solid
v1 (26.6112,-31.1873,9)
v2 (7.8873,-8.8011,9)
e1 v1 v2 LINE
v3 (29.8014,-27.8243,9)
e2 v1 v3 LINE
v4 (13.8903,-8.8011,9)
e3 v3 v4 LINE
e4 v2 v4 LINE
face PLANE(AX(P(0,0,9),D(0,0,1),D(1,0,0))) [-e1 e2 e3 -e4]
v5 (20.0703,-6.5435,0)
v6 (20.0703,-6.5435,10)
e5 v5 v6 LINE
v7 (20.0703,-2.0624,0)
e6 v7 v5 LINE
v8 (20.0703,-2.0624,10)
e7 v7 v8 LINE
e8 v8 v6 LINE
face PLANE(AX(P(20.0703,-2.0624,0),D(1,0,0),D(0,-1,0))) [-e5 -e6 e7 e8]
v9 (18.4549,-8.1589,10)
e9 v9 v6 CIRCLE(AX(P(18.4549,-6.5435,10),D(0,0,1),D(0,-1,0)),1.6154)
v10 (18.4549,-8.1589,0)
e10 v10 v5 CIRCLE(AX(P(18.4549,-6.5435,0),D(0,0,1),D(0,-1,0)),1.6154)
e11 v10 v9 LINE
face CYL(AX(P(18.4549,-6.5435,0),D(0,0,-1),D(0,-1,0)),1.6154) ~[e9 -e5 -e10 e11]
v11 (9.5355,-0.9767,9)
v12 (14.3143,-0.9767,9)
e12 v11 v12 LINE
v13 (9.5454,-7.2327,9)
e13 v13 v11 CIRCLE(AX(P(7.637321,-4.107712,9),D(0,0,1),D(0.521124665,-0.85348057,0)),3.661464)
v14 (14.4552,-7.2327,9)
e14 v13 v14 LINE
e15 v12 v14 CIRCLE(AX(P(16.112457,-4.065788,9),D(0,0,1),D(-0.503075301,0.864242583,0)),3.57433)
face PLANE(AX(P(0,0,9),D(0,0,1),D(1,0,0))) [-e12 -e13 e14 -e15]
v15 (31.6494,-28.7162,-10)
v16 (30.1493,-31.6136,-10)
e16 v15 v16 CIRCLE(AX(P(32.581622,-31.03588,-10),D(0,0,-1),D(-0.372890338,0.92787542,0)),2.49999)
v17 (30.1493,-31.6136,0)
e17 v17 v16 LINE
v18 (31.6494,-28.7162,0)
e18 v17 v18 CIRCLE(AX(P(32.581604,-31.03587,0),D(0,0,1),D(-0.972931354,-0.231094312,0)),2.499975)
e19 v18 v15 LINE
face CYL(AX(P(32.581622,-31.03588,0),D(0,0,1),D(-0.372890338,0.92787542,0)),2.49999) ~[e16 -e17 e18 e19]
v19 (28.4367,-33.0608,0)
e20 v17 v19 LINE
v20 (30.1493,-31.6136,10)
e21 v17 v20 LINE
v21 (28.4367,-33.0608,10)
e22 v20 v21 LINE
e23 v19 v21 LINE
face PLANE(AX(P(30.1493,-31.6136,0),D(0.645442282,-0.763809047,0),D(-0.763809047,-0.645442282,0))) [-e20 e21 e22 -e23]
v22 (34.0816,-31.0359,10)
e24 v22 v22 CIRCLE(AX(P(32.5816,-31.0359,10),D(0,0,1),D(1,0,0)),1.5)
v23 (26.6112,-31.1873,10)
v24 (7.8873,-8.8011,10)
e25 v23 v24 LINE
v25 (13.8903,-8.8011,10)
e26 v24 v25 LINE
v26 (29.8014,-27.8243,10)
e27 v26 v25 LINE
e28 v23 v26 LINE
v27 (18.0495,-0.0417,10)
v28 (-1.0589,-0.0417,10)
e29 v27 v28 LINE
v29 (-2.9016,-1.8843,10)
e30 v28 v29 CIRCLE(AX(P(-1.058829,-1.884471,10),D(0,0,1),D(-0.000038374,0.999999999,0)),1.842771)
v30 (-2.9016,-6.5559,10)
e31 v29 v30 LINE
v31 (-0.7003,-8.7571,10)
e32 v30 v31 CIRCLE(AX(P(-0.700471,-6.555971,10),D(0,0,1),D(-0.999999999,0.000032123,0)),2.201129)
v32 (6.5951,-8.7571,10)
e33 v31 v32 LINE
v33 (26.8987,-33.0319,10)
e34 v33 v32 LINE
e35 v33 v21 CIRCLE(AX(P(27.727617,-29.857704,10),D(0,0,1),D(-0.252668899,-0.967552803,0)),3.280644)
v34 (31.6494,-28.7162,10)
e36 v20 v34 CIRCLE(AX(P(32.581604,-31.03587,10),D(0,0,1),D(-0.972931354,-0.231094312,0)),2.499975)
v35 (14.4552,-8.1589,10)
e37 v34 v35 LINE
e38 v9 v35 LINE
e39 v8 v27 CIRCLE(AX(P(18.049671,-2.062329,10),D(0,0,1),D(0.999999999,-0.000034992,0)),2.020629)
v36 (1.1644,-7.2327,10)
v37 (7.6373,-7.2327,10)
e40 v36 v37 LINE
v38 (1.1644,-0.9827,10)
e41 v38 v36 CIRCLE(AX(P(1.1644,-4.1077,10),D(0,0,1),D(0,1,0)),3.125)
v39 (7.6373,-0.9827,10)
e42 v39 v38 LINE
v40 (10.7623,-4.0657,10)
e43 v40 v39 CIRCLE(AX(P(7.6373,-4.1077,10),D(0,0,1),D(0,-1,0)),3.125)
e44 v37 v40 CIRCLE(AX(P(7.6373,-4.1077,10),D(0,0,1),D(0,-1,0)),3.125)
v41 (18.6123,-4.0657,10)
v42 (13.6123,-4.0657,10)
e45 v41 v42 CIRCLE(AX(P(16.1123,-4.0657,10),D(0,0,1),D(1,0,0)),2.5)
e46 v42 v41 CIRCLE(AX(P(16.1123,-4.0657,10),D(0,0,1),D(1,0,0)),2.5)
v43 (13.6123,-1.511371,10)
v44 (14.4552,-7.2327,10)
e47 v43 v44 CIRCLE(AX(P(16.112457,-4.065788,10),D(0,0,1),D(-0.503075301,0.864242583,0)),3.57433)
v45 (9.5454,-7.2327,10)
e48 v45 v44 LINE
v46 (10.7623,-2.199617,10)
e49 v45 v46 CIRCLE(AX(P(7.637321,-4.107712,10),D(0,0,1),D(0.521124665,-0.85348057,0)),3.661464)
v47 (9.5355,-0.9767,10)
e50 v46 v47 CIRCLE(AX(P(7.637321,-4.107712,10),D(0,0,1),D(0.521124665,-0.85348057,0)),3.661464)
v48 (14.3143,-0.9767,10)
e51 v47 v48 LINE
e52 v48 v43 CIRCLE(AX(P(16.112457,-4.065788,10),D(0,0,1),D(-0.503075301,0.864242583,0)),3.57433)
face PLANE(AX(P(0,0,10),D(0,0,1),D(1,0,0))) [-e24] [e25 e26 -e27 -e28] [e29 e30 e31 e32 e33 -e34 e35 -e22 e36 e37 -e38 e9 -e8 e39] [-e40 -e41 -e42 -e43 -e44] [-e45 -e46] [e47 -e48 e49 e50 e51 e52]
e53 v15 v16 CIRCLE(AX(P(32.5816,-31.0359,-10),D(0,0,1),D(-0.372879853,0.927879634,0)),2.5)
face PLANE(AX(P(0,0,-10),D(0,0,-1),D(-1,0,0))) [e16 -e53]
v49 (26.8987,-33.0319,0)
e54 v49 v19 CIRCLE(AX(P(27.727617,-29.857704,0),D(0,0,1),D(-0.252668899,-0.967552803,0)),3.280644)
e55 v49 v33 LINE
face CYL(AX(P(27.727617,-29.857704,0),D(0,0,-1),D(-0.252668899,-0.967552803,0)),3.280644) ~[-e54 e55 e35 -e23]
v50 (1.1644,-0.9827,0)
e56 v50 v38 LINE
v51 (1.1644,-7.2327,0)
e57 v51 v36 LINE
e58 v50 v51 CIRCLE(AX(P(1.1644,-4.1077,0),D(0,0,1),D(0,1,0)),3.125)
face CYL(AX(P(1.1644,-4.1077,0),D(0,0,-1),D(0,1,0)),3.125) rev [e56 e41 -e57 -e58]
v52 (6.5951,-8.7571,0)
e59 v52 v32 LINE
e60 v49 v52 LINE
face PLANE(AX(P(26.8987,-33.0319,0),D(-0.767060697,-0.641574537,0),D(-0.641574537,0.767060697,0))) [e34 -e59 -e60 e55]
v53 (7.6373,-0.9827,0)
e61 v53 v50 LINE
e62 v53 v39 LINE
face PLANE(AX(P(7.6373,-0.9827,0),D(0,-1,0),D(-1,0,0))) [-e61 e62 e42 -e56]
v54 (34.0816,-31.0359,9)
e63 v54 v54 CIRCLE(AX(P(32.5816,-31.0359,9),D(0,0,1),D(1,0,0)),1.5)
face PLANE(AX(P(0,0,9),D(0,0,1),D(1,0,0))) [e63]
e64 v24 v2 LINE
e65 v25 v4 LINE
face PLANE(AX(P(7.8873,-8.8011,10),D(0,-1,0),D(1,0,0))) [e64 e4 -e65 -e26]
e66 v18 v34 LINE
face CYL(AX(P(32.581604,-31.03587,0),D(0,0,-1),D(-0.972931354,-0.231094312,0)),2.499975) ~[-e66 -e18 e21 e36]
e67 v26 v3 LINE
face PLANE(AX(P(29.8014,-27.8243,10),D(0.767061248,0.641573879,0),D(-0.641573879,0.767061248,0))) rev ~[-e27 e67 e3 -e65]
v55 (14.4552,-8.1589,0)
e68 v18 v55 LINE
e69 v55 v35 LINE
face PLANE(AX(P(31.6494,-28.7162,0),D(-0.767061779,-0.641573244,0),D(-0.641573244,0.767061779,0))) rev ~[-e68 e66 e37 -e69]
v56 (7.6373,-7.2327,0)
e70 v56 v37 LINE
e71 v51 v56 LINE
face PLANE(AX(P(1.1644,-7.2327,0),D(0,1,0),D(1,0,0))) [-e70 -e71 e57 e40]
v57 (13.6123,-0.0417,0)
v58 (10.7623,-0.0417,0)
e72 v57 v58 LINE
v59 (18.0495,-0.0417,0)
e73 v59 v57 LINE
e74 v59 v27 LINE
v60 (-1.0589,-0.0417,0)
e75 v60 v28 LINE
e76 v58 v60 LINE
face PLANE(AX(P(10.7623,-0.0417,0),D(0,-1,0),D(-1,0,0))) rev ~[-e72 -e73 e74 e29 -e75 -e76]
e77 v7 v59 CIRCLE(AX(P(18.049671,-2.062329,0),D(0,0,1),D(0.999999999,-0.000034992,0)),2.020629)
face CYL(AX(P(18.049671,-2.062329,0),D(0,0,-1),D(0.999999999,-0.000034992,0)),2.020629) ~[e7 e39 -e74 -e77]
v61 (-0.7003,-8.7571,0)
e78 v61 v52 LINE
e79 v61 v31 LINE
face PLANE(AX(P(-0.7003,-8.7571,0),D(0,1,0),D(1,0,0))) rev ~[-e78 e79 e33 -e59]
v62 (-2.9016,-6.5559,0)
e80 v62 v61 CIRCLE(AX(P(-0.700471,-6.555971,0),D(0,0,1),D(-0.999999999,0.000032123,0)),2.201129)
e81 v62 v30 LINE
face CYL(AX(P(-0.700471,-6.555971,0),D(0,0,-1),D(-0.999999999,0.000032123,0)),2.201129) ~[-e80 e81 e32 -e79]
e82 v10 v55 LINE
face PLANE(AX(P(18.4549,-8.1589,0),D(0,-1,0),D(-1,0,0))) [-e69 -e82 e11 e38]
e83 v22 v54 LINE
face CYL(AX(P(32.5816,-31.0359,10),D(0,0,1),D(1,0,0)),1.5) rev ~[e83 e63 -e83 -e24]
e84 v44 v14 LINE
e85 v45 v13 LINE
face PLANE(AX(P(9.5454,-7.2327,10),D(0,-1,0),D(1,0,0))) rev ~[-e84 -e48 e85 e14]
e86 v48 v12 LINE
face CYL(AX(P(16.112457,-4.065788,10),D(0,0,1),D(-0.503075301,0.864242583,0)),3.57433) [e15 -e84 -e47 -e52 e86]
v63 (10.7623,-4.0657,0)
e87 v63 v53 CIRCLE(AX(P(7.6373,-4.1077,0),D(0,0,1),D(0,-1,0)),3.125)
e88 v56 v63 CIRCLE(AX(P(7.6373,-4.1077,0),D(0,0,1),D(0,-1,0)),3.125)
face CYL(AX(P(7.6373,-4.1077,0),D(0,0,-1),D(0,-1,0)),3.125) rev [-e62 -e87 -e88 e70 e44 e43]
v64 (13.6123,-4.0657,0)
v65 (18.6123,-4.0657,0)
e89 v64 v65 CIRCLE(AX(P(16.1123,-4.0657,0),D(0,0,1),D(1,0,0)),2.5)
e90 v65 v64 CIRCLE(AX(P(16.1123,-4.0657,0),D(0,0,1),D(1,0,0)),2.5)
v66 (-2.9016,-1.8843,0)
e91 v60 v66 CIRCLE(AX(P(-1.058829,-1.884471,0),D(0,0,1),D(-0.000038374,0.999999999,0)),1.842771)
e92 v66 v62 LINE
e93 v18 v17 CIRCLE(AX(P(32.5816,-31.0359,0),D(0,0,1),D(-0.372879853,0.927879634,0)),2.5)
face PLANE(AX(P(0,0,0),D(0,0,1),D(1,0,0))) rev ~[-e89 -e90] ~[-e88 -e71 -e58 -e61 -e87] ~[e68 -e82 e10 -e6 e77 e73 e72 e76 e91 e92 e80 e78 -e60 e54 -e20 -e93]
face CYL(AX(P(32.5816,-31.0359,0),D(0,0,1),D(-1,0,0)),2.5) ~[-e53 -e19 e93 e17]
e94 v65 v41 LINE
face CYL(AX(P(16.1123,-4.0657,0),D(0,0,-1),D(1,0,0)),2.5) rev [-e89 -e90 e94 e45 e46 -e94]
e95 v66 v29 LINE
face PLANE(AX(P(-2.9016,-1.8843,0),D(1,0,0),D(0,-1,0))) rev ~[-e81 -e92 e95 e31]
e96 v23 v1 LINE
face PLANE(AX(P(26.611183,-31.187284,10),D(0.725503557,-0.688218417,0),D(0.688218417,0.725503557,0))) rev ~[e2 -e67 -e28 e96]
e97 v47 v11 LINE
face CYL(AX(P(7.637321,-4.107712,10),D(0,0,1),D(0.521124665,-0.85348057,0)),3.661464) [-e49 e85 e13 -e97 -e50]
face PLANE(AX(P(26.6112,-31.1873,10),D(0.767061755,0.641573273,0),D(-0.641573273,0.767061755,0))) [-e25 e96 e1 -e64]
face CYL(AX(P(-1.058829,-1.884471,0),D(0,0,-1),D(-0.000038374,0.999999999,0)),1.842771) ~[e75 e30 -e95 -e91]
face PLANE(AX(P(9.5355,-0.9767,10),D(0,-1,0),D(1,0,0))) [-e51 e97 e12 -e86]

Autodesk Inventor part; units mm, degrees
ref_plane "YZ Plane" through (0, 0, 0) normal (1, 0, 0) x (0, 1, 0)
ref_plane "XZ Plane" through (0, 0, 0) normal (0, 1, 0) x (-1, 0, 0)
ref_plane "XY Plane" through (0, 0, 0) normal (0, 0, 1) x (1, 0, 0)
sketch "スケッチ1" plane through (0, 0, 0) normal (0, 0, 1) x (1, 0, 0)
  line L0 (18.4549, -8.1589) -> (14.4552, -8.1589)
  arc A0 (18.4549, -8.1589) -> (20.0703, -6.5435) centre (18.4549, -6.5435) ccw
  line L1 (20.0703, -2.0624) -> (20.0703, -6.5435)
  line L2 (18.0495, -0.0417) -> (-1.0589, -0.0417)
  arc A1 (-1.0589, -0.0417) -> (-2.9016, -1.8843) centre (-1.0589, -1.8843) ccw
  line L3 (-2.9016, -1.8843) -> (-2.9016, -6.5559)
  arc A2 (-2.9016, -6.5559) -> (-0.7003, -8.7571) centre (-0.7003, -6.5559) ccw
  arc A3 (26.8987, -33.0319) -> (28.4367, -33.0608) centre (27.7277, -29.8571) ccw
  line L4 (30.1493, -31.6136) -> (28.4367, -33.0608)
  arc A4 (30.1493, -31.6136) -> (31.6494, -28.7162) centre (32.5816, -31.0359) ccw
  line L5 (31.6494, -28.7162) -> (14.4552, -8.1589)
  circle A5 centre (16.1123, -4.0657) radius 2.5
  line L6 (7.6373, -0.9827) -> (1.1644, -0.9827)
  arc A6 (7.6373, -7.2327) -> (7.6373, -0.9827) centre (7.6373, -4.1077) ccw
  arc A7 (1.1644, -0.9827) -> (1.1644, -7.2327) centre (1.1644, -4.1077) ccw
  line L7 (26.8987, -33.0319) -> (6.5951, -8.7571)
  line L8 (-0.7003, -8.7571) -> (6.5951, -8.7571)
  arc A8 (20.0703, -2.0624) -> (18.0495, -0.0417) centre (18.0495, -2.0624) ccw
  line L9 (1.1644, -7.2327) -> (7.6373, -7.2327)
  line L10 (13.6123, -4.0657) -> (13.6123, 1.3375)
  line L11 (10.7623, -4.0657) -> (10.7623, 0.9924)
  point P0 (0, 0)
  point P1 (0, 0)
  dimension "d0" = 5
  dimension "d1" = 3.125
  dimension "d2" = 4.8539
  dimension "d3" = 4.066
  dimension "d4" = 4.066
  dimension "d5" = 90
  dimension "d6" = 90
  dimension "d7" = 3.125
  dimension "d8" = 3.9579
  dimension "d9" = 22.9718
  dimension "d10" = 2.5
  dimension "d11" = 2.85
extrude "押し出し1" add sketch "スケッチ1" along normal blind 10
sketch "スケッチ2" plane through (0, 0, 0) normal (0, 0, -1) x (-1, 0, 0)
  arc A0 (-7.6373, -0.9827) -> (-7.6373, -7.2327) centre (-7.6373, -4.1077) ccw projected
  line L0 (-7.6373, -0.9827) -> (-1.1644, -0.9827) projected
  arc A1 (-1.1644, -7.2327) -> (-1.1644, -0.9827) centre (-1.1644, -4.1077) ccw projected
  line L1 (-1.1644, -7.2327) -> (-7.6373, -7.2327) projected
  circle A2 centre (-16.1123, -4.0657) radius 2.5 projected
  line L2 (-14.4552, -8.1589) -> (-18.4549, -8.1589) projected
  line L3 (-31.6494, -28.7162) -> (-14.4552, -8.1589) projected
  arc A3 (-31.6494, -28.7162) -> (-30.1493, -31.6136) centre (-32.5816, -31.0359) ccw projected
  line L4 (-28.4367, -33.0608) -> (-30.1493, -31.6136) projected
  arc A4 (-28.4367, -33.0608) -> (-26.8987, -33.0319) centre (-27.7277, -29.8571) ccw projected
  line L5 (-6.5951, -8.7571) -> (-26.8987, -33.0319) projected
  line L6 (0.7003, -8.7571) -> (-6.5951, -8.7571) projected
  arc A5 (0.7003, -8.7571) -> (2.9016, -6.5559) centre (0.7003, -6.5559) ccw projected
  line L7 (2.9016, -1.8843) -> (2.9016, -6.5559) projected
  arc A6 (2.9016, -1.8843) -> (1.0589, -0.0417) centre (1.0589, -1.8843) ccw projected
  line L8 (-18.0495, -0.0417) -> (1.0589, -0.0417) projected
  arc A7 (-18.0495, -0.0417) -> (-20.0703, -2.0624) centre (-18.0495, -2.0624) ccw projected
  line L9 (-20.0703, -6.5435) -> (-20.0703, -2.0624) projected
  arc A8 (-20.0703, -6.5435) -> (-18.4549, -8.1589) centre (-18.4549, -6.5435) ccw projected
  circle A9 centre (-32.5816, -31.0359) radius 2.5
  point P0 (0, 0)
extrude "押し出し2" add sketch "スケッチ2" along normal blind 10 contours A9 A3
sketch "スケッチ3" plane through (0, 0, 10) normal (0, 0, 1) x (1, 0, 0)
  arc A0 (7.6373, -7.2327) -> (7.6373, -0.9827) centre (7.6373, -4.1077) ccw
  circle A1 centre (16.1123, -4.0657) radius 2.5
  line L0 (18.0495, -0.0417) -> (-1.0589, -0.0417)
  line L1 (14.2688, -7.695) -> (18.4549, -7.695)
  line L2 (7.8873, -8.8011) -> (13.8903, -8.8011)
  line L3 (13.8903, -8.8011) -> (29.8014, -27.8243)
  line L4 (29.8014, -27.8243) -> (26.6112, -31.1873)
  line L5 (26.6112, -31.1873) -> (7.8873, -8.8011)
  line L6 (7.8873, -8.8011) -> (13.8903, -8.8011)
  arc A2 (7.6373, -7.2327) -> (7.6373, -0.9827) centre (7.6373, -4.1077) ccw
  line L7 (7.6373, -7.2327) -> (1.1644, -7.2327)
  arc A3 (1.1644, -0.9827) -> (1.1644, -7.2327) centre (1.1644, -4.1077) ccw
  line L8 (1.1644, -0.9827) -> (7.6373, -0.9827)
  circle A4 centre (16.1123, -4.0657) radius 2.5
  line L9 (14.2688, -7.695) -> (18.4549, -7.695)
  arc A5 (18.4549, -7.695) -> (20.0703, -6.0796) centre (18.4549, -6.0796) ccw
  line L10 (20.0703, -6.0796) -> (20.0703, -2.0624)
  arc A6 (20.0703, -2.0624) -> (18.0495, -0.0417) centre (18.0495, -2.0624) ccw
  line L11 (18.0495, -0.0417) -> (-1.0589, -0.0417)
  arc A7 (-1.0589, -0.0417) -> (-2.9016, -1.8843) centre (-1.0589, -1.8843) ccw
  line L12 (-2.9016, -1.8843) -> (-2.9016, -6.5999)
  arc A8 (-2.9016, -6.5999) -> (-0.7003, -8.8011) centre (-0.7003, -6.5999) ccw
  line L13 (-0.7003, -8.8011) -> (6.5837, -8.8011)
  line L14 (6.5837, -8.8011) -> (26.8872, -33.0759)
  arc A9 (26.8872, -33.0759) -> (27.9503, -33.1763) centre (27.7277, -29.8571) ccw
  line L15 (27.9503, -33.1763) -> (29.6628, -31.7291)
  arc A10 (29.6628, -31.7291) -> (31.463, -28.2522) centre (32.5816, -31.0359) ccw
  line L16 (31.463, -28.2522) -> (14.2688, -7.695)
  arc A11 (9.5454, -7.2327) -> (9.5355, -0.9767) centre (7.6373, -4.1077) ccw
  arc A12 (14.3143, -0.9767) -> (14.4552, -7.2327) centre (16.1123, -4.0657) ccw
  line L17 (9.5454, -7.2327) -> (14.4552, -7.2327)
  line L18 (9.5355, -0.9767) -> (14.3143, -0.9767)
  point P0 (0, 0)
  point P1 (0, 0)
extrude "押し出し3" cut sketch "スケッチ3" against normal blind 1 contours A11 L18 A12 L17
sketch "スケッチ4" plane through (0, 0, 10) normal (0, 0, 1) x (1, 0, 0)
  line L0 (6.5837, -8.8011) -> (26.8872, -33.0759)
  line L1 (31.463, -28.2522) -> (14.2688, -7.695)
  line L2 (6.5837, -8.8011) -> (15.194, -8.8011)
  line L3 (26.8872, -33.0759) -> (31.463, -28.2522)
  line L4 (31.463, -28.2522) -> (15.194, -8.8011)
  line L5 (26.8872, -33.0759) -> (6.5837, -8.8011)
  line L6 (25.9184, -31.9176) -> (30.4942, -27.0939)
  line L7 (26.6112, -31.1873) -> (7.8873, -8.8011)
  line L8 (29.8014, -27.8243) -> (13.8903, -8.8011)
  point P0 (0, 0)
  point P1 (0, 0)
  dimension "d18" = 1.5
  dimension "d19" = 1
  dimension "d20" = 1
extrude "押し出し4" cut sketch "スケッチ4" against normal blind 1 contours L2 L8 L6 L7
sketch "スケッチ5" plane through (0, 0, 10) normal (0, 0, 1) x (1, 0, 0)
  arc A0 (30.1493, -31.6136) -> (31.6494, -28.7162) centre (32.5816, -31.0359) ccw projected
  circle A1 centre (32.5816, -31.0359) radius 1.5
  point P0 (0, 0)
  point P1 (0, 0)
  dimension "d26" = 1
extrude "押し出し5" cut sketch "スケッチ5" against normal blind 1
equation "\"d4\" = d3"
equation "\"d7\" = d1"
properties part number "finger_4_5mm"
